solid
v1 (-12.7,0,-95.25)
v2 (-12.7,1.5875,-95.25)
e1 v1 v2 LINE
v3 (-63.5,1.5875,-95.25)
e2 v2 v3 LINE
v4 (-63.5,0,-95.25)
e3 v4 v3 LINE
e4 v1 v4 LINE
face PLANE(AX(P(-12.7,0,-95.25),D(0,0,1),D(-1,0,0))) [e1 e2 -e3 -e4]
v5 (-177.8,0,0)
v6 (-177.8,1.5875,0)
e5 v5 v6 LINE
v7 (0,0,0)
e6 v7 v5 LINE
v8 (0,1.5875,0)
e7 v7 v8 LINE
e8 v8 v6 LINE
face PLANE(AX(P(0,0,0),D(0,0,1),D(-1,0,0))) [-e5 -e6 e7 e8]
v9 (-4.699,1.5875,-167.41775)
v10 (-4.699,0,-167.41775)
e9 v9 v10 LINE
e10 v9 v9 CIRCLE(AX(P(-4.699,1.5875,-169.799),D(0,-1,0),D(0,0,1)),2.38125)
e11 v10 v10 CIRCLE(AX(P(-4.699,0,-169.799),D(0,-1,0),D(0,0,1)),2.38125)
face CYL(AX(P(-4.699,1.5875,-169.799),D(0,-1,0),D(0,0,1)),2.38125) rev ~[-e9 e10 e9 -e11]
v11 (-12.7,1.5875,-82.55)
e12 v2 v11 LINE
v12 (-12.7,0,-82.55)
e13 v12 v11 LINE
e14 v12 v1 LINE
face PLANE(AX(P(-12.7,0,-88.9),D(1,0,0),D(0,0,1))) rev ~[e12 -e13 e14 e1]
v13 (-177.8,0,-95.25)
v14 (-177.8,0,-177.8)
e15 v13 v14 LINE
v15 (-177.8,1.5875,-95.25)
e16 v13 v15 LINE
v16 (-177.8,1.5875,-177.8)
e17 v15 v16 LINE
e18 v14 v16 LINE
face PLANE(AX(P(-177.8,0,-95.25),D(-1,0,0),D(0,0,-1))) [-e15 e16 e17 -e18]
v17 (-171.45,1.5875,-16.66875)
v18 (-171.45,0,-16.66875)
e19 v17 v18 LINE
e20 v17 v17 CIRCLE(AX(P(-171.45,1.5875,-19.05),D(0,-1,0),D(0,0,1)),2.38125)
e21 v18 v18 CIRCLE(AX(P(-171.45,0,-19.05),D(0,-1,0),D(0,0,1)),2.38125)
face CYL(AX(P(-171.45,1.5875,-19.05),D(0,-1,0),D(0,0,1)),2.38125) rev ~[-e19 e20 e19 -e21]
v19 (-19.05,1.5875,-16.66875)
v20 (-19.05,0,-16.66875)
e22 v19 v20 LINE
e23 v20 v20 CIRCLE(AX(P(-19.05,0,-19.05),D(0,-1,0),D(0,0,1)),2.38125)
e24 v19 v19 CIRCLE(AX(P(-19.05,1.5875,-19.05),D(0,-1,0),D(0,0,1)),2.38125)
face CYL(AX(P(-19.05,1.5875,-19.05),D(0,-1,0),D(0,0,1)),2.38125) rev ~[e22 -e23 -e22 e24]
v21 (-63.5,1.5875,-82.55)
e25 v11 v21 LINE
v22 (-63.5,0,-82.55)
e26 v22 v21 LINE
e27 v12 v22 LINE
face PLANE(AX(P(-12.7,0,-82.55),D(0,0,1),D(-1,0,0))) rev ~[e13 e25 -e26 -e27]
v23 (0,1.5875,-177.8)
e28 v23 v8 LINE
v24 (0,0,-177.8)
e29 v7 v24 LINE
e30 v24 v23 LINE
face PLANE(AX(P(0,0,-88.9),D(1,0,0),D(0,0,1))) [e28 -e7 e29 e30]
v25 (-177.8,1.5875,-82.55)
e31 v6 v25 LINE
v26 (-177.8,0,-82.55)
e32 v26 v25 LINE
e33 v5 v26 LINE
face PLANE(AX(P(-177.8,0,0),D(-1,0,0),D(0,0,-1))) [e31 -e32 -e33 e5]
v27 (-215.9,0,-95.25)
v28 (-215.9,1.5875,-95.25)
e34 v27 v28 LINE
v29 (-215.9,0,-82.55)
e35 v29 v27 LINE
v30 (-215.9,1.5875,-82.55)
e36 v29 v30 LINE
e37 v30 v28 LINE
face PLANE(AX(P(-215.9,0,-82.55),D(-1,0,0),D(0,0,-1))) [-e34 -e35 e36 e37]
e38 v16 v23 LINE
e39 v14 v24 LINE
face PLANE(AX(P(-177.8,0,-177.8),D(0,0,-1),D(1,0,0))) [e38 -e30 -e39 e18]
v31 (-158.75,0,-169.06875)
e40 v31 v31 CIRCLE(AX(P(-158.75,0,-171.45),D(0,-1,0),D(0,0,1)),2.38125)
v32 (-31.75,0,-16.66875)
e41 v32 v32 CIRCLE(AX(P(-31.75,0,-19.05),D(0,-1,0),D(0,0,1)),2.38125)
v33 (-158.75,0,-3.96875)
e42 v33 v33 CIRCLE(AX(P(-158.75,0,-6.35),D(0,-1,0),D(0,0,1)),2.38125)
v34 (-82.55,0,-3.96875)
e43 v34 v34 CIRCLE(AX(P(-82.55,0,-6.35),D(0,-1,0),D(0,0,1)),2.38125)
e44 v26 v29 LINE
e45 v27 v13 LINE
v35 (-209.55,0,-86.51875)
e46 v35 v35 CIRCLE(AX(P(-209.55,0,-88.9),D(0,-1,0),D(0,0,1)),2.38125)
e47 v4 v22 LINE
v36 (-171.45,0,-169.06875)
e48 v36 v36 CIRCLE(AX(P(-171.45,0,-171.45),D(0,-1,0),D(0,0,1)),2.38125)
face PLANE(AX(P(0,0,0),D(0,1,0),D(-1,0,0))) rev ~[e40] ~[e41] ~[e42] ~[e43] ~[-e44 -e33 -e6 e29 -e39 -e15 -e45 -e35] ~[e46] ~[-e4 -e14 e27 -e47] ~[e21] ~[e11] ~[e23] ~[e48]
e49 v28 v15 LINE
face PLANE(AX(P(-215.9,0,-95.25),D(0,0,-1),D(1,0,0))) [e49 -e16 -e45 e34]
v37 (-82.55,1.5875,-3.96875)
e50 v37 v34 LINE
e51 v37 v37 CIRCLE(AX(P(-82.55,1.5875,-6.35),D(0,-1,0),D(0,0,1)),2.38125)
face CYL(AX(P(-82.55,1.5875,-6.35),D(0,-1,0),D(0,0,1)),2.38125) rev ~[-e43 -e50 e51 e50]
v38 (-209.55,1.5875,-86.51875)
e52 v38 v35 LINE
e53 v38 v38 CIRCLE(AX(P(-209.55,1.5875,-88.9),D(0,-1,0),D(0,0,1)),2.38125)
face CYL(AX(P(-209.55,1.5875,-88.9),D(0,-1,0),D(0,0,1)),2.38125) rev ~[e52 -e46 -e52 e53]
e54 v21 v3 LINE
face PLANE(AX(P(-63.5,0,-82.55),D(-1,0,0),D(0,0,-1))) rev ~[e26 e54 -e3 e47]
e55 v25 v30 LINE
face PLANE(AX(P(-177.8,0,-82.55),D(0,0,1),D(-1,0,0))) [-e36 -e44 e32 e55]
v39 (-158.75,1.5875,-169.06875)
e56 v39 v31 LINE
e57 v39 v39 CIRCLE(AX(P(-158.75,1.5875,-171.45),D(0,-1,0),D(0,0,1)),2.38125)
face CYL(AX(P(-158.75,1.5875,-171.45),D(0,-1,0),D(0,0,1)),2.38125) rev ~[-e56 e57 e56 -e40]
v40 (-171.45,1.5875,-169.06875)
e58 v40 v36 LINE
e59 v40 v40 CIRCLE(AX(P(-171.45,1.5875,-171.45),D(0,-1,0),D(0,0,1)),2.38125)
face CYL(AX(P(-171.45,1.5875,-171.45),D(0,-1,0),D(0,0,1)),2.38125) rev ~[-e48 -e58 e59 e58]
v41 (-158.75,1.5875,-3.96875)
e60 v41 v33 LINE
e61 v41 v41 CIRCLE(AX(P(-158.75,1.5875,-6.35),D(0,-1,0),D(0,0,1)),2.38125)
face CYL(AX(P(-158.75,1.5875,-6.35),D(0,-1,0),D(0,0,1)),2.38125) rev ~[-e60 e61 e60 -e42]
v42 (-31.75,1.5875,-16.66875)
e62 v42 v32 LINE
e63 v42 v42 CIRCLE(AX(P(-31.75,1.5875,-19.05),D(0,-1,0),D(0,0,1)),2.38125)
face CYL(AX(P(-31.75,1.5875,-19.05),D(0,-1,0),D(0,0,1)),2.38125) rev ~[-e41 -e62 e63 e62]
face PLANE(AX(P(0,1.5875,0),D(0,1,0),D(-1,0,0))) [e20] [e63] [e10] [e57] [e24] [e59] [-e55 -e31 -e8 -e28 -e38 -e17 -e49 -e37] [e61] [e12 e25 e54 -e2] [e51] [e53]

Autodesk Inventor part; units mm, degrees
ref_plane "YZ Plane" through (0, 0, 0) normal (1, 0, 0) x (0, 1, 0)
ref_plane "XZ Plane" through (0, 0, 0) normal (0, 1, 0) x (-1, 0, 0)
ref_plane "XY Plane" through (0, 0, 0) normal (0, 0, 1) x (1, 0, 0)
sketch "Sketch1" plane through (0, 0, 0) normal (0, 1, 0) x (-1, 0, 0)
  line L0 (0, 0) -> (177.8, 0)
  line L1 (177.8, -177.8) -> (0, -177.8)
  line L2 (0, -177.8) -> (0, 0)
  line L3 (177.8, 0) -> (177.8, -82.55)
  line L4 (177.8, -82.55) -> (215.9, -82.55)
  line L5 (215.9, -82.55) -> (215.9, -95.25)
  line L6 (215.9, -95.25) -> (177.8, -95.25)
  line L7 (177.8, -95.25) -> (177.8, -177.8)
  line L8 (0, 0) -> (0, -88.9)
  line L9 (63.5, -88.9) -> (63.5, -95.25)
  line L10 (12.7, -88.9) -> (12.7, -95.25)
  line L11 (12.7, -95.25) -> (63.5, -95.25)
  line L12 (12.7, -95.25) -> (12.7, -82.55)
  line L13 (12.7, -82.55) -> (63.5, -82.55)
  line L14 (63.5, -82.55) -> (63.5, -95.25)
  dimension "d0" = 177.8
  dimension "d1" = 177.8
  dimension "d39" = 82.55
  dimension "d41" = 12.7
  dimension "d44" = 6.35
  dimension "d45" = 12.7
extrude "Extrusion1" add sketch "Sketch1" along normal blind 1.5875
sketch "Sketch2" plane through (0, 1.5875, 0) normal (0, 1, 0) x (1, 0, 0)
  line L0 (-177.8, 177.8) -> (-177.8, 0) projected
  line L1 (-177.8, 177.8) -> (-177.8, 165.1)
  line L2 (-177.8, 165.1) -> (-165.1, 177.8)
  line L3 (0, 177.8) -> (-177.8, 177.8) projected
  line L4 (-177.8, 177.8) -> (-171.45, 171.45)
  line L5 (-171.45, 171.45) -> (-158.75, 171.45)
  line L6 (-177.8, 0) -> (-165.1, 0)
  line L7 (-177.8, 0) -> (0, 0) projected
  line L8 (0, 177.8) -> (-12.7, 177.8)
  line L9 (0, 0) -> (0, 177.8) projected
  line L10 (0, 0) -> (0, 12.7)
  line L11 (0, 12.7) -> (-12.7, 0)
  line L12 (0, 0) -> (-6.35, 6.35)
  line L13 (-6.35, 6.35) -> (-6.35, 19.05)
  line L14 (-6.35, 19.05) -> (-19.05, 19.05)
  line L15 (-19.05, 19.05) -> (-31.75, 19.05)
  line L16 (-12.7, 177.8) -> (0, 165.1)
  line L17 (0, 177.8) -> (-6.35, 171.45)
  line L18 (-165.1, 0) -> (-177.8, 12.7)
  line L19 (-177.8, 0) -> (-171.45, 6.35)
  line L20 (-171.45, 6.35) -> (-171.45, 19.05)
  line L21 (-171.45, 6.35) -> (-158.75, 6.35)
  line L22 (-6.35, 171.45) -> (-6.35, 169.799)
  line L23 (-6.35, 169.799) -> (-4.699, 169.799)
  line L24 (-215.9, 82.55) -> (-177.8, 82.55) projected
  line L25 (-215.9, 82.55) -> (-203.2, 95.25)
  line L26 (-177.8, 95.25) -> (-215.9, 95.25) projected
  line L27 (-215.9, 82.55) -> (-197.9395, 82.55) construction
  line L28 (-203.2, 95.25) -> (-215.9, 95.25)
  line L29 (-215.9, 95.25) -> (-203.2, 82.55)
  point P0 (-209.55, 88.9)
  dimension "d4" = 12.7
  dimension "d5" = 45
  dimension "d6" = 12.7
  dimension "d7" = 12.7
  dimension "d12" = 12.7
  dimension "d28" = 1.651
  dimension "d42" = 45
hole "Hole2" at (-171.45, 1.5875, -171.45) at (-158.75, 1.5875, -171.45) at (-19.05, 1.5875, -19.05) at (-31.75, 1.5875, -19.05) at (-171.45, 1.5875, -19.05) at (-158.75, 1.5875, -6.35) at (-4.699, 1.5875, -169.799) at (-209.55, 1.5875, -88.9) direction (0, -1, 0) diameter 4.7625 end through all
sketch "Sketch3" plane through (0, 1.5875, 0) normal (0, 1, 0) x (1, 0, 0)
  line L0 (0, 0) -> (0, 12.7)
  line L1 (0, 0) -> (0, 177.8) projected
  line L2 (0, 12.7) -> (-12.7, 0)
  line L3 (-177.8, 0) -> (0, 0) projected
  line L4 (-12.7, 0) -> (0, 0)
  line L5 (0, 0) -> (-6.35, 6.35)
  line L6 (-6.35, 6.35) -> (-82.55, 6.35)
  dimension "d29" = 12.7
  dimension "d30" = 45
  dimension "d31" = 76.2
hole "Hole3" at (-82.55, 1.5875, -6.35) direction (0, -1, 0) diameter 4.7625 end through all
properties part number "shoot" material "ABS Plastic"
